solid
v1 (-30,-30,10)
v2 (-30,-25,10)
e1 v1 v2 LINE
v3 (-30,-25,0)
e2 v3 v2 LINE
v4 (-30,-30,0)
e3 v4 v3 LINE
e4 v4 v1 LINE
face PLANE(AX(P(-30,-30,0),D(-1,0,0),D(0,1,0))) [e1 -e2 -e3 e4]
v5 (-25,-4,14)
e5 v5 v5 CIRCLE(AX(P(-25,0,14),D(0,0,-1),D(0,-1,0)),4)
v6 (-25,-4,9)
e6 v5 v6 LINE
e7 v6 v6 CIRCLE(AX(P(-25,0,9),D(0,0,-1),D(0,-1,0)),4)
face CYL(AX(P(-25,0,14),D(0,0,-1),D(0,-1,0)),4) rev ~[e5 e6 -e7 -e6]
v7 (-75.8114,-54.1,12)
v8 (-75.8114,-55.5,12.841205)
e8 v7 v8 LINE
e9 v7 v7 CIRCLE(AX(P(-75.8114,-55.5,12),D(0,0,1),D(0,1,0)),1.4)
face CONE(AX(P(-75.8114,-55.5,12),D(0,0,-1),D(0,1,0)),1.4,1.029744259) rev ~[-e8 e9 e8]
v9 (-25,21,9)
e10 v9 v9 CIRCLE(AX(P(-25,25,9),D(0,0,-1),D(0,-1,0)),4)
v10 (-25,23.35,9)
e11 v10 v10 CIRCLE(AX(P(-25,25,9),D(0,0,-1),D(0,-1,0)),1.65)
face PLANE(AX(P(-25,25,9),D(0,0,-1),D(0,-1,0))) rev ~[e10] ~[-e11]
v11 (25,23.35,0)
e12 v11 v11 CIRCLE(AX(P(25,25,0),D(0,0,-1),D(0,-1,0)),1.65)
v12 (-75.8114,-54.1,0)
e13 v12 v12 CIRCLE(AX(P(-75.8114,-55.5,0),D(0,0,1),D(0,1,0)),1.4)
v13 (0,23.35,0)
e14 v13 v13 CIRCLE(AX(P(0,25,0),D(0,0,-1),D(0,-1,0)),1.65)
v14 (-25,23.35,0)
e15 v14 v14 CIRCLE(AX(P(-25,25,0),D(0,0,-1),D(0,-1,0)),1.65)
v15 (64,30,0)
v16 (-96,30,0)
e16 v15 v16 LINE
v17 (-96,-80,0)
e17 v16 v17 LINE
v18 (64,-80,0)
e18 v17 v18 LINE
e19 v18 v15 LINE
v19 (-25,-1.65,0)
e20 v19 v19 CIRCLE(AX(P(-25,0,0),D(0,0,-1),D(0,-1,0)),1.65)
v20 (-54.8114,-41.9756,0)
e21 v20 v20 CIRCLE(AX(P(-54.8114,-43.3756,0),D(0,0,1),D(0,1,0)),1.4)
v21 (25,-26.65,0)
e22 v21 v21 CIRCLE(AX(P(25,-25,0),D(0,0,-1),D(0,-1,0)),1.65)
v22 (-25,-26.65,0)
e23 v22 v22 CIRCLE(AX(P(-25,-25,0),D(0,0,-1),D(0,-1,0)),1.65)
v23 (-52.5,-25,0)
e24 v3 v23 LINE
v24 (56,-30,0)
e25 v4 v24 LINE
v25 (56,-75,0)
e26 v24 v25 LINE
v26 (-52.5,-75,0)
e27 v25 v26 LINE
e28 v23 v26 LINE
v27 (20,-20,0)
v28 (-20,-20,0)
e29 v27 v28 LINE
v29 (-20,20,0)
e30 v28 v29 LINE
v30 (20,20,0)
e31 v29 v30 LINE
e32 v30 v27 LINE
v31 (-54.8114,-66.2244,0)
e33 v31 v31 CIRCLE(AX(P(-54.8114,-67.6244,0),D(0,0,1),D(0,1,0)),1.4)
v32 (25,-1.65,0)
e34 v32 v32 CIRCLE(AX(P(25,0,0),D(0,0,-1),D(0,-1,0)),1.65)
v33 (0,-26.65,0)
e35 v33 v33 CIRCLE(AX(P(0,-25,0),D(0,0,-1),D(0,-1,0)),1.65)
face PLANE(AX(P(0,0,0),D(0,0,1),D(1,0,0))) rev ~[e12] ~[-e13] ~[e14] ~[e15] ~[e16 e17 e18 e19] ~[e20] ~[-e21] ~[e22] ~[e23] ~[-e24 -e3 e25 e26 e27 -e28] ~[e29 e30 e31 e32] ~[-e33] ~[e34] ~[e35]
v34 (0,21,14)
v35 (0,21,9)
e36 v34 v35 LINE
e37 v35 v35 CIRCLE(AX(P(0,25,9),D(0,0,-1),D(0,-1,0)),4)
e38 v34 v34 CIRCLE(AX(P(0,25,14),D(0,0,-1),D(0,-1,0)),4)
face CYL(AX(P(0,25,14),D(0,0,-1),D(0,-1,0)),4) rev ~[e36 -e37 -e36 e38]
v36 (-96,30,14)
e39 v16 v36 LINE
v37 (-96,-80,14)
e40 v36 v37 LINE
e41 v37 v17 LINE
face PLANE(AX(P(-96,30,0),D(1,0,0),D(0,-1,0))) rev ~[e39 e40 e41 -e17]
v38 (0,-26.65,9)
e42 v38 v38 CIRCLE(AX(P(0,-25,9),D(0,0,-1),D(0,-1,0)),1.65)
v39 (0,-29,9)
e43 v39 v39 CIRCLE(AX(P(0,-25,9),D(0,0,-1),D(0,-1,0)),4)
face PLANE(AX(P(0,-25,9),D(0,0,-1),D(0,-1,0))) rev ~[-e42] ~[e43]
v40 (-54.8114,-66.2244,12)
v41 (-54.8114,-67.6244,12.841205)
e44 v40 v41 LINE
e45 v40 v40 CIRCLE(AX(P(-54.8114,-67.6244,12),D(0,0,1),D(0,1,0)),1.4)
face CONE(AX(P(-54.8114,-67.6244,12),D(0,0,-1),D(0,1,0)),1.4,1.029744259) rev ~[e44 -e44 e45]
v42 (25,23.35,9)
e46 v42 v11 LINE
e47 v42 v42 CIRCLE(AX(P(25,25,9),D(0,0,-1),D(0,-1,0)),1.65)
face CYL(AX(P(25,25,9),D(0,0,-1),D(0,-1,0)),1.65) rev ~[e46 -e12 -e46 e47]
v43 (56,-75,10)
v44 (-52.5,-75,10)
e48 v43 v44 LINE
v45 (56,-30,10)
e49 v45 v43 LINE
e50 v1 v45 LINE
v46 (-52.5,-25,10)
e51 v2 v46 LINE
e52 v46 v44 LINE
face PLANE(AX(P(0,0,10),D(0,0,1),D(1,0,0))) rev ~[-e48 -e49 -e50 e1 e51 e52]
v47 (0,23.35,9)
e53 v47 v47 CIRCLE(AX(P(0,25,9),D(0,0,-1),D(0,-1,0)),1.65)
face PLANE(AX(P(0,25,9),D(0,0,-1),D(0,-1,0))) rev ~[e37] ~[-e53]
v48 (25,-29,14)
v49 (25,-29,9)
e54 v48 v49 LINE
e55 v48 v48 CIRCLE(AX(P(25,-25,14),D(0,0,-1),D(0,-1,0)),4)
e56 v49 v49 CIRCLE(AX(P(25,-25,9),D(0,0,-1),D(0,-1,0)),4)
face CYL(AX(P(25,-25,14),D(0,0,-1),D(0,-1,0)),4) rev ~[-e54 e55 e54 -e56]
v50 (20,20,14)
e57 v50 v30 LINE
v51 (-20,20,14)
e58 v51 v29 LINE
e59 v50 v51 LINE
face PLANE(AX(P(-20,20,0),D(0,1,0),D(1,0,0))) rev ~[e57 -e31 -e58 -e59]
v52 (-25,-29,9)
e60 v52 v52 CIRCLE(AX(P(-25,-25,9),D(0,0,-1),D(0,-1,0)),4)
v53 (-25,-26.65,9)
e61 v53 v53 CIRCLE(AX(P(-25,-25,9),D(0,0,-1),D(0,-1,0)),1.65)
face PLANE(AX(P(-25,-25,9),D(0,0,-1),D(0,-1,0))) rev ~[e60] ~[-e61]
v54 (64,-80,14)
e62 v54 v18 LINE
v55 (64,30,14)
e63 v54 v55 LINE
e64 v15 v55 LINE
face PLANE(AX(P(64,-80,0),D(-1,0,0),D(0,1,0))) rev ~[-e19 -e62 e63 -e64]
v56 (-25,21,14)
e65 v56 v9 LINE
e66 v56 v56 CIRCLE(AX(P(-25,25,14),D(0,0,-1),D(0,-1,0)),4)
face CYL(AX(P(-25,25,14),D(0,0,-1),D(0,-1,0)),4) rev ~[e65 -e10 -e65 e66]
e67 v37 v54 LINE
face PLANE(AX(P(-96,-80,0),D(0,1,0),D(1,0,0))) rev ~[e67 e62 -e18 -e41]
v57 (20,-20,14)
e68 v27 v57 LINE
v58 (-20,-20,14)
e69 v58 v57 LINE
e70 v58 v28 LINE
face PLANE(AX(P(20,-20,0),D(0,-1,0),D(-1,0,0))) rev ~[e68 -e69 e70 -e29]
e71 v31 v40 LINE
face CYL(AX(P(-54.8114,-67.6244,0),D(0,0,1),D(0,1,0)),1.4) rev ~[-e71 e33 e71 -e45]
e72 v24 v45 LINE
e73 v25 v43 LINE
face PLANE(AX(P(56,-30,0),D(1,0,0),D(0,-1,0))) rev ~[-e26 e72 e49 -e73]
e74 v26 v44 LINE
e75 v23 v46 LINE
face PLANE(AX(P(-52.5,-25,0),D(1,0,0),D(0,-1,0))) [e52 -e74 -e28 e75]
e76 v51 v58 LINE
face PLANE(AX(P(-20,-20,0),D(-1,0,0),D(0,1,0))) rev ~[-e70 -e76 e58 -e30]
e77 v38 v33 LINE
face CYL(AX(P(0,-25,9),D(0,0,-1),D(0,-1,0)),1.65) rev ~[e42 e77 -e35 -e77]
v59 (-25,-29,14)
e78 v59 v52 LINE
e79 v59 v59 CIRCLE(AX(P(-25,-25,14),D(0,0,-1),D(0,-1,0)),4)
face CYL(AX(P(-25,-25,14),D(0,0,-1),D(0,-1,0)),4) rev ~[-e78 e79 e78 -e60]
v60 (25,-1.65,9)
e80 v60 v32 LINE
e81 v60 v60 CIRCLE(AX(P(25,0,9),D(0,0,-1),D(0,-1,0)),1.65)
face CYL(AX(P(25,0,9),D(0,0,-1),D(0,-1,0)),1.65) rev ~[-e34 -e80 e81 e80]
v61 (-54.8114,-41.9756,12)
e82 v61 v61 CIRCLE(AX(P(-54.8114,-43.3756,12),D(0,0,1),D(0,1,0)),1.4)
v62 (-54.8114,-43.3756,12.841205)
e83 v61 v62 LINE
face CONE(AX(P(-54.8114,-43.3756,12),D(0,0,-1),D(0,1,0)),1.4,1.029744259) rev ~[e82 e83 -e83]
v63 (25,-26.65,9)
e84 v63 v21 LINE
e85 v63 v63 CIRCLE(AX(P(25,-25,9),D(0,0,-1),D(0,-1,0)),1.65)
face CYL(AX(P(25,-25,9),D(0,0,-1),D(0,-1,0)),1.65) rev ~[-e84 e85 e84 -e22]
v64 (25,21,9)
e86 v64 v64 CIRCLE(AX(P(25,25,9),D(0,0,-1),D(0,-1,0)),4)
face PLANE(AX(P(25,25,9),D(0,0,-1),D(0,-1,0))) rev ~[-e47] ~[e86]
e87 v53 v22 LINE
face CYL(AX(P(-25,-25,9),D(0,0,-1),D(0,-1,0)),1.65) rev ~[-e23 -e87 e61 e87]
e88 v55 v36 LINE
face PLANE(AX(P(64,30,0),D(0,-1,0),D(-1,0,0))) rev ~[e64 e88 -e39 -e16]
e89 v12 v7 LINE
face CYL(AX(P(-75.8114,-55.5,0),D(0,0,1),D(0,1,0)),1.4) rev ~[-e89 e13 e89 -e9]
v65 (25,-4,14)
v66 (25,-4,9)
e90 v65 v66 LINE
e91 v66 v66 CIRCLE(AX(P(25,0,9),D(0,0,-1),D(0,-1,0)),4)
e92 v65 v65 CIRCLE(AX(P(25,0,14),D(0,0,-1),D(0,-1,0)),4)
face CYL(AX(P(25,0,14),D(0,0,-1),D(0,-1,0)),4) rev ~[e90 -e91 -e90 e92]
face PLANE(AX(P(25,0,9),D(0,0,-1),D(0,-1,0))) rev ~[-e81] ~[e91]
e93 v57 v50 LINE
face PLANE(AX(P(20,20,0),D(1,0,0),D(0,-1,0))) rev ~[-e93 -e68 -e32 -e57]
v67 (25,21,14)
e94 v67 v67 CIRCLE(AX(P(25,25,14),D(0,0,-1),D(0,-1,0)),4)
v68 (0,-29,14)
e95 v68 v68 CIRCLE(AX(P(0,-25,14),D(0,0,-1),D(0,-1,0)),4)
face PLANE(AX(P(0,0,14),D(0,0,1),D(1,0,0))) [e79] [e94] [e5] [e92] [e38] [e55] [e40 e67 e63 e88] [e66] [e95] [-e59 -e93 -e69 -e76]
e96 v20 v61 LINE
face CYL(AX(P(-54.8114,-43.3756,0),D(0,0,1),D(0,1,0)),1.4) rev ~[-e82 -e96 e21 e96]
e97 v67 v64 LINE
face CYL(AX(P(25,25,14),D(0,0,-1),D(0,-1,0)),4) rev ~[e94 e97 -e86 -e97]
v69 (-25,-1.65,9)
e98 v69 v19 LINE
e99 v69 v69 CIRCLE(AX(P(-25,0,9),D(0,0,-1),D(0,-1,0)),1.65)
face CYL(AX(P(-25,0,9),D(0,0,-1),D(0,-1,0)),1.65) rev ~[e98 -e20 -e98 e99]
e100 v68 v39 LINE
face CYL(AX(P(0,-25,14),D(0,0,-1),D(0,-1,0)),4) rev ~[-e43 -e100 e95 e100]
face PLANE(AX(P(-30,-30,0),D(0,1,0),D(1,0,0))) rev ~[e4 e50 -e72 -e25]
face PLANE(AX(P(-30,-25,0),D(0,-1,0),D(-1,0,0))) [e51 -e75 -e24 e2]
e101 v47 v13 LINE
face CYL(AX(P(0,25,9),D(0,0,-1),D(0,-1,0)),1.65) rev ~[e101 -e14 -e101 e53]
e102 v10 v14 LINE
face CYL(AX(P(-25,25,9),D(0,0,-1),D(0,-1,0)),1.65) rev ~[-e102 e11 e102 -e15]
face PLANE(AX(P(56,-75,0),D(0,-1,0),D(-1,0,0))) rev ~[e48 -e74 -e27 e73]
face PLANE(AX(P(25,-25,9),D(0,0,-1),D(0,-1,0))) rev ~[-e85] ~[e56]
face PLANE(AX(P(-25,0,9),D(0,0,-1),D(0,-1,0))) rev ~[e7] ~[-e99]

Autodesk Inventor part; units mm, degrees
ref_plane "YZ Plane" through (0, 0, 0) normal (1, 0, 0) x (0, 1, 0)
ref_plane "XZ Plane" through (0, 0, 0) normal (0, 1, 0) x (-1, 0, 0)
ref_plane "XY Plane" through (0, 0, 0) normal (0, 0, 1) x (1, 0, 0)
ref_plane "Work Plane1" through (0, 0, 0) normal (0, 0, 1) x (1, 0, 0)
sketch "Sketch1" plane through (0, 0, 0) normal (0, 0, 1) x (1, 0, 0)
  circle A0 centre (0, 25) radius 1.95 construction
  circle A1 centre (-25, 0) radius 1.95 construction
  circle A2 centre (-25, -25) radius 1.95 construction
  circle A3 centre (25, 25) radius 1.95 construction
  circle A4 centre (25, -25) radius 1.95 construction
  circle A5 centre (-25, 25) radius 1.95 construction
  circle A6 centre (25, 0) radius 1.95 construction
  circle A7 centre (0, -25) radius 1.95 construction
  line L0 (-28, 30) -> (-30, 28) construction
  line L1 (-30, 28) -> (-30, -28) construction
  line L2 (-30, -28) -> (-28, -30) construction
  line L3 (-28, -30) -> (28, -30) construction
  line L4 (28, -30) -> (30, -28) construction
  line L5 (30, -28) -> (30, 28) construction
  line L6 (30, 28) -> (28, 30) construction
  line L7 (28, 30) -> (-28, 30) construction
  circle A8 centre (35, -56) radius 1 construction
  circle A9 centre (5, -48.5) radius 1 construction
  circle A10 centre (5, -64.5) radius 1.0474 construction
  circle A11 centre (-5, -64.5) radius 1 construction
  circle A12 centre (-5, -56) radius 1 construction
  circle A13 centre (-5, -48.5) radius 1 construction
  circle A14 centre (5, -56) radius 1 construction
  circle A15 centre (35, -48) radius 1 construction
  circle A16 centre (35, -64) radius 1 construction
  line L8 (38, -40) -> (38, -72) construction
  line L9 (38, -40) -> (-10, -40) construction
  line L10 (-10, -72) -> (-10, -40) construction
  line L11 (38, -72) -> (-10, -72) construction
  line L12 (38, -71) -> (38, -41) construction
  line L13 (38, -71) -> (48, -71) construction
  line L14 (48, -41) -> (48, -71) construction
  line L15 (38, -41) -> (48, -41) construction
  line L16 (56, -75) -> (-52.5, -75)
  line L17 (-52.5, -75) -> (-52.5, -30)
  line L18 (-52.5, -30) -> (56, -30)
  line L19 (56, -30) -> (56, -75)
  line L20 (-40, -41.1445) -> (-40, -68) construction
  line L21 (-41, -39.0927) -> (-41, -47.7587) construction
  line L22 (-41, -39.0927) -> (-46.5, -39.0927) construction
  line L23 (-46.5, -47.7587) -> (-46.5, -39.0927) construction
  line L24 (-41, -47.7587) -> (-46.5, -47.7587) construction
  line L25 (-41, -60.5) -> (-41, -64) construction
  line L26 (-41, -60.5) -> (-46.5, -60.5) construction
  line L27 (-46.5, -64) -> (-46.5, -60.5) construction
  line L28 (-41, -64) -> (-46.5, -64) construction
  line L29 (64, 30) -> (-96, 30)
  line L30 (-96, 30) -> (-96, -80)
  line L31 (-96, -80) -> (64, -80)
  line L32 (64, -80) -> (64, 30)
  line L33 (20, -20) -> (-20, -20)
  line L34 (-20, -20) -> (-20, 20)
  line L35 (-20, 20) -> (20, 20)
  line L36 (20, 20) -> (20, -20)
  line L37 (20, -20) -> (-20, 20) construction
  line L38 (-20, -20) -> (20, 20) construction
  line L39 (-52.5, -30) -> (-30, -30)
  line L40 (-30, -30) -> (-30, -25)
  line L41 (-30, -25) -> (-52.5, -25)
  line L42 (-52.5, -25) -> (-52.5, -30)
  point P0 (0, 0)
  dimension "d1" = 3
  dimension "d2" = 8
  dimension "d4" = 6
  dimension "d5" = 160
  dimension "d6" = 110
  dimension "d7" = 8
  dimension "d19" = 40
  dimension "d20" = 40
  dimension "d28" = 5
  dimension "d29" = 0
extrude "Extrusion1" add sketch "Sketch1" along normal blind 10
sketch "Sketch2" plane through (0, 0, 10) normal (0, 0, 1) x (1, 0, 0)
  line L0 (-30, -30) -> (56, -30) projected
  line L1 (56, -30) -> (56, -75) projected
  line L2 (56, -75) -> (-52.5, -75) projected
  line L3 (64, 30) -> (-96, 30) projected
  line L4 (-96, 30) -> (-96, -80) projected
  line L5 (-96, -80) -> (64, -80) projected
  line L6 (64, -80) -> (64, 30) projected
  line L7 (20, -20) -> (20, 20) projected
  line L8 (-20, -20) -> (20, -20)
  line L9 (20, -20) -> (20, 20)
  line L10 (20, 20) -> (-20, 20)
  line L11 (-20, 20) -> (-20, -20)
  line L12 (-20, -20) -> (20, 20) construction
  line L13 (20, -20) -> (-20, 20) construction
  line L14 (-52.5, -25) -> (-30, -25) projected
  line L15 (-30, -25) -> (-30, -30) projected
  line L16 (-52.5, -75) -> (-52.5, -25) projected
  point P0 (0, 0)
extrude "Extrusion2" add sketch "Sketch2" along normal blind 4 contours L0 L1 L2 L16 L14 L15 | L6 L5 L4 L3
sketch "Sketch3" plane through (0, 0, 14) normal (0, 0, 1) x (1, 0, 0)
  circle A0 centre (0, 25) radius 1.95 construction
  circle A1 centre (-25, 0) radius 1.95 construction
  circle A2 centre (-25, -25) radius 1.95 construction
  circle A3 centre (25, 25) radius 1.95 construction
  circle A4 centre (25, -25) radius 1.95 construction
  circle A5 centre (-25, 25) radius 1.95 construction
  circle A6 centre (25, 0) radius 1.95 construction
  circle A7 centre (0, -25) radius 1.95 construction
  line L0 (-28, 30) -> (-30, 28) construction
  line L1 (-30, 28) -> (-30, -28) construction
  line L2 (-30, -28) -> (-28, -30) construction
  line L3 (-28, -30) -> (28, -30) construction
  line L4 (28, -30) -> (30, -28) construction
  line L5 (30, -28) -> (30, 28) construction
  line L6 (30, 28) -> (28, 30) construction
  line L7 (28, 30) -> (-28, 30) construction
  point P0 (0, 0)
hole "Hole1" at (25, 25, 14) at (0, 25, 14) at (-25, 25, 14) at (-25, 0, 14) at (-25, -25, 14) at (0, -25, 14) at (25, -25, 14) at (25, 0, 14) direction (0, 0, -1) diameter 3.3 end through all counterbore diameter 8 counterbore depth 5
sketch "Sketch4" plane through (0, 0, 0) normal (0, 0, -1) x (-1, 0, 0)
  line L0 (52.5, -75) -> (-56, -75) construction
  line L1 (-56, -75) -> (-56, -30) construction
  line L2 (-56, -30) -> (30, -30) construction
  line L3 (20, 20) -> (20, -20) construction
  line L4 (20, -20) -> (-20, -20) construction
  line L5 (-20, -20) -> (-20, 20) construction
  line L6 (-20, 20) -> (20, 20) construction
  line L7 (-64, 30) -> (96, 30) construction
  line L8 (-64, -80) -> (-64, 30) construction
  line L9 (96, -80) -> (-64, -80) construction
  line L10 (96, 30) -> (96, -80) construction
  line L11 (54.8114, -67.6244) -> (54.8114, -43.3756) construction
  line L12 (54.8114, -43.3756) -> (75.8114, -55.5) construction
  line L13 (75.8114, -55.5) -> (54.8114, -67.6244) construction
  line L14 (96, 30) -> (96, -80) construction
  line L15 (30, -30) -> (30, -25) projected
  line L16 (30, -25) -> (52.5, -25) projected
  line L17 (52.5, -25) -> (52.5, -75) projected
  line L18 (20, -49.5) -> (16.4, -49.5)
  line L19 (20, -61.5) -> (16.4, -61.5)
  circle A0 centre (5, -55.5) radius 1.8 projected
  point P0 (0, 0)
  point P1 (61.8114, -55.5)
  dimension "d30" = 21
  dimension "d31" = 0
hole "Hole2" at (-54.8114, -43.3756, 0) at (-75.8114, -55.5, 0) at (-54.8114, -67.6244, 0) direction (0, 0, 1) diameter 2.8 depth 12 tip angle 118
properties part number "cellSTORM_Base_v0"
